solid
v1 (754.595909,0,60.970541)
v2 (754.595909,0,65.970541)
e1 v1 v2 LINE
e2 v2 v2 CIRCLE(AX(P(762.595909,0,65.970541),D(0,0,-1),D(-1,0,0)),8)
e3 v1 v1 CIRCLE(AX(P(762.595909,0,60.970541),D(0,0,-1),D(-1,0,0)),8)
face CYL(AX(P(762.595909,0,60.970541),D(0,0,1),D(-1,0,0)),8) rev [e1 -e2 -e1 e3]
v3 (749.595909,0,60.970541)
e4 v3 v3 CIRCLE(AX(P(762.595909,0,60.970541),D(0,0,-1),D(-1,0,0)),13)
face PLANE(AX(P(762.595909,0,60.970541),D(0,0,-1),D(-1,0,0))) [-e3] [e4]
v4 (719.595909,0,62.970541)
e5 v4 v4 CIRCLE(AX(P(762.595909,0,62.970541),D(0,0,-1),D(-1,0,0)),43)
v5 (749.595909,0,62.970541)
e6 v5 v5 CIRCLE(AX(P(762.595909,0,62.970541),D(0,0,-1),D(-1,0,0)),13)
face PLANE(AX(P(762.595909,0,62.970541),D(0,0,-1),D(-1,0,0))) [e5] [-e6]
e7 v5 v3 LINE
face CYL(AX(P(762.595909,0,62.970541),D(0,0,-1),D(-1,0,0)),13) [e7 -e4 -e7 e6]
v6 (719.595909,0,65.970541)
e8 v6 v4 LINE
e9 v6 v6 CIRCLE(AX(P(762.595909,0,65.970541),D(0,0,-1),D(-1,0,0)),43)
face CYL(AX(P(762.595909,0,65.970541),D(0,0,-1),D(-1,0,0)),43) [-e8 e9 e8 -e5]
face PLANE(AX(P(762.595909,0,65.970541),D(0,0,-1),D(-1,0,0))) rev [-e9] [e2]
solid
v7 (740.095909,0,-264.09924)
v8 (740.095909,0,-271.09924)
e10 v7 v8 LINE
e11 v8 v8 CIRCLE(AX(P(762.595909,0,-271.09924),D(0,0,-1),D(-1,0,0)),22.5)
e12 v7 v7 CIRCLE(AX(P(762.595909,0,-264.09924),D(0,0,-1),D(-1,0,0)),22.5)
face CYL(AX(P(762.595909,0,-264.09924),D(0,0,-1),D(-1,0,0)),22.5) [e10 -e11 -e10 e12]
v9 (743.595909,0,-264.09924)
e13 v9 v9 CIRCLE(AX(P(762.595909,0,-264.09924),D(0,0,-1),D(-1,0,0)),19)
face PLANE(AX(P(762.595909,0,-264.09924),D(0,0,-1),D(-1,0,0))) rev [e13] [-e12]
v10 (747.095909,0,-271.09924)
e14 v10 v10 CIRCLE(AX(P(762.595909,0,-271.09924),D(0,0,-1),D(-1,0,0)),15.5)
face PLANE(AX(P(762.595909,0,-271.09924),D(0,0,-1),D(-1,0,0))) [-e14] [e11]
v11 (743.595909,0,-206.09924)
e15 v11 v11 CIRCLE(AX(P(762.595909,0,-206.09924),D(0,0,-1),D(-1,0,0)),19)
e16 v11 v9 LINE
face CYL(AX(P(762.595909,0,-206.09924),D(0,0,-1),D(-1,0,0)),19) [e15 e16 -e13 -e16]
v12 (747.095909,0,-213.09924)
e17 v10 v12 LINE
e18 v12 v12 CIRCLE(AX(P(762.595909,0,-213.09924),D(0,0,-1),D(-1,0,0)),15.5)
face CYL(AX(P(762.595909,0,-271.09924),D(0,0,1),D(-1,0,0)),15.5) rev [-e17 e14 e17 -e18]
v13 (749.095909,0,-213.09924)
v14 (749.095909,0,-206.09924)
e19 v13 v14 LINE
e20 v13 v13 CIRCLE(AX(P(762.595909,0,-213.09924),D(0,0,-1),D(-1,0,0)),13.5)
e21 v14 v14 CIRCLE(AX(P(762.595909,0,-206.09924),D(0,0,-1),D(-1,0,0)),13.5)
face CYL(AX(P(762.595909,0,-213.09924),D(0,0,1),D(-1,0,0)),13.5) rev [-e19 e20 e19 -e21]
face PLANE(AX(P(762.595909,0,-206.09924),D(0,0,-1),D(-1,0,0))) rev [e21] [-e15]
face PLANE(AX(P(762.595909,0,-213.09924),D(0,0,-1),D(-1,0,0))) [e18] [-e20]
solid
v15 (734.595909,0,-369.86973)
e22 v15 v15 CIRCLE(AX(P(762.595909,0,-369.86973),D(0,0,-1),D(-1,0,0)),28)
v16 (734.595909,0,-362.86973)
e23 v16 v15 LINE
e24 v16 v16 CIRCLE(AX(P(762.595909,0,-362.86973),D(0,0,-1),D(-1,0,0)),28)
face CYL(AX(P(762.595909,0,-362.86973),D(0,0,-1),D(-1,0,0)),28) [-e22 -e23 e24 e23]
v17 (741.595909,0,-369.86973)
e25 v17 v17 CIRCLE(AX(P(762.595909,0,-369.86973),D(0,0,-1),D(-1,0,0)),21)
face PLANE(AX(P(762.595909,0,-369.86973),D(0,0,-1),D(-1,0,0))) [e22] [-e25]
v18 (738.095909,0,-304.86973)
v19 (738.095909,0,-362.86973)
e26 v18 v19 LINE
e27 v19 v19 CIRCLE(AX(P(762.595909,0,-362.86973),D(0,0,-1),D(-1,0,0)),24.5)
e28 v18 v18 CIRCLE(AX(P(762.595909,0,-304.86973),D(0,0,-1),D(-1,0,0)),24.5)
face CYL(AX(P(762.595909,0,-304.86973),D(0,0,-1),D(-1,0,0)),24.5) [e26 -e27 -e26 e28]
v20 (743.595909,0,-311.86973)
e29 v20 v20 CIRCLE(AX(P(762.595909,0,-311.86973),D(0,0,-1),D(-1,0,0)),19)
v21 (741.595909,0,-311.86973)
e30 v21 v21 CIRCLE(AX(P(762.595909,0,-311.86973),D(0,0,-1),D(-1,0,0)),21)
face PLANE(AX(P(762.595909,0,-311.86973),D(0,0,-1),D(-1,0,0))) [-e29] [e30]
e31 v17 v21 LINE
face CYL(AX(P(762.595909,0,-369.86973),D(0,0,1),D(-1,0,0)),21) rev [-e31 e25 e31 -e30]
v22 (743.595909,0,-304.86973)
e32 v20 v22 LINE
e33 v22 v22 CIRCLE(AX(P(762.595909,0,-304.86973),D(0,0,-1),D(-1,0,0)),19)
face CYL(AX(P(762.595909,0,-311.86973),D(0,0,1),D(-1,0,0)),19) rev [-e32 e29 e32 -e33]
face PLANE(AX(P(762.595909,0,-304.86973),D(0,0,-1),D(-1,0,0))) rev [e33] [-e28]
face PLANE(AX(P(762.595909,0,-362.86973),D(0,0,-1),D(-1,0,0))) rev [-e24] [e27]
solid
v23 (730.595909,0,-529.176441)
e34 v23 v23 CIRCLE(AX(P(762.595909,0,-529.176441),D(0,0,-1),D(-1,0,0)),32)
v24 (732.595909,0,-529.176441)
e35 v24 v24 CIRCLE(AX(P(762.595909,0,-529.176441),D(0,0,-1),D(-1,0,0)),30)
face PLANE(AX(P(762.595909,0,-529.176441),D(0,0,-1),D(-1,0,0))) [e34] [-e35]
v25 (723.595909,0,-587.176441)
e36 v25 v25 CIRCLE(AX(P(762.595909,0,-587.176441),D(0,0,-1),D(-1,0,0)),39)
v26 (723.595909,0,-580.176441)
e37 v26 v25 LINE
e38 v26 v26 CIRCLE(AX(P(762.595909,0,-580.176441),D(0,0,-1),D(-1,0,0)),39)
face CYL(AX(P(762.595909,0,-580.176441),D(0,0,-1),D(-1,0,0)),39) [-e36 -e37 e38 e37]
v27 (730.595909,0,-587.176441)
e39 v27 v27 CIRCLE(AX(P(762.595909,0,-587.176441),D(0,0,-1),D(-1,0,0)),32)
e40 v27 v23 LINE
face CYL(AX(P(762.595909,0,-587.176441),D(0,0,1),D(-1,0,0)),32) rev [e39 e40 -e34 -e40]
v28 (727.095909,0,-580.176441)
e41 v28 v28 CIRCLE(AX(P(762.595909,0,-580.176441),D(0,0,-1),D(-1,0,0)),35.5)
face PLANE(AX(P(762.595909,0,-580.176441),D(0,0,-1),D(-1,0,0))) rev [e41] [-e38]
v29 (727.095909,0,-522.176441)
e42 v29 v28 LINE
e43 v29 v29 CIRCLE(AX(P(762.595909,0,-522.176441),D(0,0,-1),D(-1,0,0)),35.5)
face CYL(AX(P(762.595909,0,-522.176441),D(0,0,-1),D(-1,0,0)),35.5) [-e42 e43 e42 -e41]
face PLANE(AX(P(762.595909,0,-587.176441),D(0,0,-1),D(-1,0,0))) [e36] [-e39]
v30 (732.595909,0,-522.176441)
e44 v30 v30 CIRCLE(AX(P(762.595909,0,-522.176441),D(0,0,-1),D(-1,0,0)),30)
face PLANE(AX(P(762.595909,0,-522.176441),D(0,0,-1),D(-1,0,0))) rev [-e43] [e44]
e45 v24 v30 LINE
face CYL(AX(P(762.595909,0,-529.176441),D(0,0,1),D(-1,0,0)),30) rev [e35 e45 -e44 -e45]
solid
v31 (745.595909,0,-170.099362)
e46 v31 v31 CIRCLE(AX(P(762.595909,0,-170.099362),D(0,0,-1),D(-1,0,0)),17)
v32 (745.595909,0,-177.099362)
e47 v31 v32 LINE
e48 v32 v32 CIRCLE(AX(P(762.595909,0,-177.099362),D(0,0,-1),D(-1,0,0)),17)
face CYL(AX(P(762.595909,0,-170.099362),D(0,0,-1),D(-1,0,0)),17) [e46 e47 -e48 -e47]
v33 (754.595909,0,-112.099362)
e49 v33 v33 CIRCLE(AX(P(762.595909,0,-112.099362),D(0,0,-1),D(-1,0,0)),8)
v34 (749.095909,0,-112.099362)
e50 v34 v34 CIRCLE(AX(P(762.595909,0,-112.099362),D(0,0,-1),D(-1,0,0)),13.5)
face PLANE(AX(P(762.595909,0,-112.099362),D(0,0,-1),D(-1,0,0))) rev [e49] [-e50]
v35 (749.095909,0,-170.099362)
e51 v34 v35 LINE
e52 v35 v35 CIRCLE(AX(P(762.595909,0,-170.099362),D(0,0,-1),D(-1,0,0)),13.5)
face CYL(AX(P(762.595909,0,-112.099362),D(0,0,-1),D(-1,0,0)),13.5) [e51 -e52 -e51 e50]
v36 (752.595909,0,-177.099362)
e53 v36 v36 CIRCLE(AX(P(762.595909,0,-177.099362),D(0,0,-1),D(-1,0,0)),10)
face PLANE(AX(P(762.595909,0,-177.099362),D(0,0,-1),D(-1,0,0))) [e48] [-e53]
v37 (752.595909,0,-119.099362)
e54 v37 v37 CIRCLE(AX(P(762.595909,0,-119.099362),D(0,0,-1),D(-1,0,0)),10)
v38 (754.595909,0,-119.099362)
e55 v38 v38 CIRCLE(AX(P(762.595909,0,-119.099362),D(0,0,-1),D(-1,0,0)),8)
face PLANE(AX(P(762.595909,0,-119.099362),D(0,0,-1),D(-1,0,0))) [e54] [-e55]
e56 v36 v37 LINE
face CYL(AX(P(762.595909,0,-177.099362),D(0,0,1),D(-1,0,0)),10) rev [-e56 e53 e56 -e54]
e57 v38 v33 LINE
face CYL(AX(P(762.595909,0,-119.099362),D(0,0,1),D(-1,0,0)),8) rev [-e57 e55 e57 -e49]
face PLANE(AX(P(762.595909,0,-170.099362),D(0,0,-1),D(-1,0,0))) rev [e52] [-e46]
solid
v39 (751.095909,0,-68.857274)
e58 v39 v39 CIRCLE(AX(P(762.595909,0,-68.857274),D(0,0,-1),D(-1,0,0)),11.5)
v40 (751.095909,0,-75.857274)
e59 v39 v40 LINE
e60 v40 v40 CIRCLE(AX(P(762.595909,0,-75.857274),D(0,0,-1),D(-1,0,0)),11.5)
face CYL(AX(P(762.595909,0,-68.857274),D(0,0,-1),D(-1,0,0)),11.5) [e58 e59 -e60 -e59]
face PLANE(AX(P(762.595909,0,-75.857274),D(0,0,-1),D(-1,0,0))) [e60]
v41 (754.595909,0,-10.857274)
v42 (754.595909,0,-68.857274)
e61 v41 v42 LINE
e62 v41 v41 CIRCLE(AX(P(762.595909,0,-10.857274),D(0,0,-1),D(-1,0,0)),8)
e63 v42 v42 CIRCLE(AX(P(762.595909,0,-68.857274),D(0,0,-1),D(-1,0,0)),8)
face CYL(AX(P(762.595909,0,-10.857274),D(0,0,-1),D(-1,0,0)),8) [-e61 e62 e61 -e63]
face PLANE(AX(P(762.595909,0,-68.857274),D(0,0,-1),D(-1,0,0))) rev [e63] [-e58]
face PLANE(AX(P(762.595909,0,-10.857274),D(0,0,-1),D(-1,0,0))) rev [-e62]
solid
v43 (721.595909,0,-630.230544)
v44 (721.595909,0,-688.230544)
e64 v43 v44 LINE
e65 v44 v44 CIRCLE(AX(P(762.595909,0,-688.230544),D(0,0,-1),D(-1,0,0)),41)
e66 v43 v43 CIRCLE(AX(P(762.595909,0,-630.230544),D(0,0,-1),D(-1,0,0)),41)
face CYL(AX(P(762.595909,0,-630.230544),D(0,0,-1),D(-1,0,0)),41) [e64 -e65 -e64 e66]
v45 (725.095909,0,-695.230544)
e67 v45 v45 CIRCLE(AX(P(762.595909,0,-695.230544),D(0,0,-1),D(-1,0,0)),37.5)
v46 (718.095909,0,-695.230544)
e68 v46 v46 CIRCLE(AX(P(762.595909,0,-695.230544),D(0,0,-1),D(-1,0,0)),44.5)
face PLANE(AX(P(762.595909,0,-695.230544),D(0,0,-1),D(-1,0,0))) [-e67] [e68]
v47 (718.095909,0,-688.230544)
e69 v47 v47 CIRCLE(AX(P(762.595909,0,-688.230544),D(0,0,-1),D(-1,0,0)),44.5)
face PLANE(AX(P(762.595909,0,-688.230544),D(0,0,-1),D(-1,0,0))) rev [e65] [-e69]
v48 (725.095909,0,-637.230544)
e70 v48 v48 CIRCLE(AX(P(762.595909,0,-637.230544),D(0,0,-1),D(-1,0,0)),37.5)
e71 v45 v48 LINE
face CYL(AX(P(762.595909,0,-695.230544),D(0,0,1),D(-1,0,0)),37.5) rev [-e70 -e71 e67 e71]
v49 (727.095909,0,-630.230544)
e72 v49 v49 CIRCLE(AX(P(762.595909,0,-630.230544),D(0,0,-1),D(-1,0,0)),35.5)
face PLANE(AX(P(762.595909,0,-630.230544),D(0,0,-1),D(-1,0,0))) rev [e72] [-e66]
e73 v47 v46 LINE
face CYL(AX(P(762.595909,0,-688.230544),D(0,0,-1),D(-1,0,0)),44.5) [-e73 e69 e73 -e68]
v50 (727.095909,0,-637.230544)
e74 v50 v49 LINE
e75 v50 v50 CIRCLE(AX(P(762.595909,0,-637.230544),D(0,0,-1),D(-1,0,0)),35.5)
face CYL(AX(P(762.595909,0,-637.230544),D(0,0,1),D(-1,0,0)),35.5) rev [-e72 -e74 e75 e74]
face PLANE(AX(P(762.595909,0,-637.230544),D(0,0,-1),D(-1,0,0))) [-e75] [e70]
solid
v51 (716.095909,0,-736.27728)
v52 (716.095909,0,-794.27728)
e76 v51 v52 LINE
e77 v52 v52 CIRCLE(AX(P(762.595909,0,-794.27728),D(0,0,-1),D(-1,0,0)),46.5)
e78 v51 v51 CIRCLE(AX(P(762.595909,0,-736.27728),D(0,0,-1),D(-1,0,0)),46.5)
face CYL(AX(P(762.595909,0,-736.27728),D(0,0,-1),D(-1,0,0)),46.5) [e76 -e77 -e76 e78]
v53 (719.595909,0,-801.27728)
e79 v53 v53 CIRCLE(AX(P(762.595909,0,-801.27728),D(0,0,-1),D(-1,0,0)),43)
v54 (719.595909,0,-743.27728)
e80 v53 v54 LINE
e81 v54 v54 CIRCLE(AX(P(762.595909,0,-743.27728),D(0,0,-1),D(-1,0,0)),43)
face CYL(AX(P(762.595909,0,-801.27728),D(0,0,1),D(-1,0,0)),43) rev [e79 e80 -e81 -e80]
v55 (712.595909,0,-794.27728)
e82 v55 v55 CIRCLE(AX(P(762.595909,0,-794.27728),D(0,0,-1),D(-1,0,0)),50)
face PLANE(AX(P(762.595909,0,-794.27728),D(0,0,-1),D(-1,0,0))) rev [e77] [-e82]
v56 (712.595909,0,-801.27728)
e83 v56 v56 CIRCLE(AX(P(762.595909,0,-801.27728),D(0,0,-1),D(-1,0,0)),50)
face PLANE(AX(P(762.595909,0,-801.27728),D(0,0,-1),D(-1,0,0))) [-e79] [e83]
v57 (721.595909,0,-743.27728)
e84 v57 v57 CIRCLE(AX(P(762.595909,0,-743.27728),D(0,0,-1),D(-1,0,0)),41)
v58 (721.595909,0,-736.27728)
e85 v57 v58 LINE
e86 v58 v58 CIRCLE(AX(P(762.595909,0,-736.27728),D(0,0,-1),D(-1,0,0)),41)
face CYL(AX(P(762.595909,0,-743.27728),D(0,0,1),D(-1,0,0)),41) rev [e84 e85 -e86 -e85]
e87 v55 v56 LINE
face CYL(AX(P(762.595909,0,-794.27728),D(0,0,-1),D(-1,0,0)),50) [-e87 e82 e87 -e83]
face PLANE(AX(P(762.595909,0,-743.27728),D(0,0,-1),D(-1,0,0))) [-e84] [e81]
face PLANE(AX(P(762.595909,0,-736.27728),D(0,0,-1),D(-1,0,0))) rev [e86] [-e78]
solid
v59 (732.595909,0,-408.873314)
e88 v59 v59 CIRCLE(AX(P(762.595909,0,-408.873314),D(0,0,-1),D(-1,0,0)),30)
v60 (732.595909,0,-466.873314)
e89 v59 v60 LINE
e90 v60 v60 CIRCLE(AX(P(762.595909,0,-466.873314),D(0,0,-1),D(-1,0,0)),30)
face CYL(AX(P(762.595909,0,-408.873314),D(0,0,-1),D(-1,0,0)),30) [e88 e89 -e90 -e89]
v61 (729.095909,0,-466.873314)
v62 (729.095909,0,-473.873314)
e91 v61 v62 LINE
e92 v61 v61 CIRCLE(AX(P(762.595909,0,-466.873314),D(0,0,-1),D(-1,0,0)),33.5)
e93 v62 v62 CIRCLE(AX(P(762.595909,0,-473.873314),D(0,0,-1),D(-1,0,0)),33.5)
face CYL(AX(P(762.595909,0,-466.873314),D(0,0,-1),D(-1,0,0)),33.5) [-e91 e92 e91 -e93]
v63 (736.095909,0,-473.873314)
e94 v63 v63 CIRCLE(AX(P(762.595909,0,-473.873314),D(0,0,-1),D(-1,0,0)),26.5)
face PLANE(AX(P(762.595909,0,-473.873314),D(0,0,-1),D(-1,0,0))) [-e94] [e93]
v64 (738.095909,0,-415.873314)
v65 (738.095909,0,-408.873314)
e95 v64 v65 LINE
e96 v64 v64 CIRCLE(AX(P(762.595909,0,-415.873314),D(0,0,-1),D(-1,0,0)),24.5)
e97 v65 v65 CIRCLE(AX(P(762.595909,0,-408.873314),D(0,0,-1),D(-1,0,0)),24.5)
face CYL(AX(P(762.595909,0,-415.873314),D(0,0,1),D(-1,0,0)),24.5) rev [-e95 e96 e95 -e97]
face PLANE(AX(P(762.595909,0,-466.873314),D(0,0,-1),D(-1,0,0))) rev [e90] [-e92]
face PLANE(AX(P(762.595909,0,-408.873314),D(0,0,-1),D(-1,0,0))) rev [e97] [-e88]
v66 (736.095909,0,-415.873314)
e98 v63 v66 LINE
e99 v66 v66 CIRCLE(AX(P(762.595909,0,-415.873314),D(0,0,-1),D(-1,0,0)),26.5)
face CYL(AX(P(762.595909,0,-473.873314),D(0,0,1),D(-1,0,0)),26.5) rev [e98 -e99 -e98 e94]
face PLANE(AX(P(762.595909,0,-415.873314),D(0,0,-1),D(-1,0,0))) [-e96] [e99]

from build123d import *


with BuildPart() as f1:
    # F0 (on Front) → F1 (revolve)
    with BuildSketch(Plane.XZ):
        Polygon((749.595909, 60.970541), (754.595909, 60.970541), (754.595909, 65.970541), (719.595909, 65.970541), (719.595909, 62.970541), (749.595909, 62.970541), align=None)
        Polygon((762.595909, -75.857274), (762.595909, -10.857274), (754.595909, -10.857274), (754.595909, -68.857274), (752.595909, -68.857274), (751.095909, -68.857274), (751.095909, -75.857274), align=None)
        Polygon((754.595909, -119.099362), (754.595909, -112.099362), (752.595909, -112.099362), (751.095909, -112.099362), (749.095909, -112.099362), (749.095909, -170.099362), (747.095909, -170.099362), (745.595909, -170.099362), (745.595909, -177.099362), (752.595909, -177.099362), (752.595909, -119.099362), align=None)
        Polygon((749.095909, -213.09924), (749.095909, -206.09924), (747.095909, -206.09924), (745.595909, -206.09924), (743.595909, -206.09924), (743.595909, -264.09924), (741.595909, -264.09924), (740.095909, -264.09924), (740.095909, -271.09924), (747.095909, -271.09924), (747.095909, -213.09924), align=None)
        Polygon((743.595909, -311.86973), (743.595909, -304.86973), (741.595909, -304.86973), (740.095909, -304.86973), (738.095909, -304.86973), (738.095909, -362.86973), (736.095909, -362.86973), (734.595909, -362.86973), (734.595909, -369.86973), (741.595909, -369.86973), (741.595909, -311.86973), align=None)
        Polygon((738.095909, -415.873314), (738.095909, -408.873314), (736.095909, -408.873314), (734.595909, -408.873314), (732.595909, -408.873314), (732.595909, -466.873314), (730.595909, -466.873314), (729.095909, -466.873314), (729.095909, -473.873314), (736.095909, -473.873314), (736.095909, -415.873314), align=None)
        Polygon((732.595909, -529.176441), (732.595909, -522.176441), (730.595909, -522.176441), (729.095909, -522.176441), (727.095909, -522.176441), (727.095909, -580.176441), (725.095909, -580.176441), (723.595909, -580.176441), (723.595909, -587.176441), (730.595909, -587.176441), (730.595909, -529.176441), align=None)
        Polygon((727.095909, -637.230544), (727.095909, -630.230544), (725.095909, -630.230544), (723.595909, -630.230544), (721.595909, -630.230544), (721.595909, -688.230544), (719.595909, -688.230544), (718.095909, -688.230544), (718.095909, -695.230544), (725.095909, -695.230544), (725.095909, -637.230544), align=None)
        Polygon((721.595909, -743.27728), (721.595909, -736.27728), (719.595909, -736.27728), (718.095909, -736.27728), (716.095909, -736.27728), (716.095909, -794.27728), (714.095909, -794.27728), (712.595909, -794.27728), (712.595909, -801.27728), (719.595909, -801.27728), (719.595909, -743.27728), align=None)
    revolve(axis=Axis((762.595909, 0, -253.723731), (0, 0, -1)))


solid = f1.part
